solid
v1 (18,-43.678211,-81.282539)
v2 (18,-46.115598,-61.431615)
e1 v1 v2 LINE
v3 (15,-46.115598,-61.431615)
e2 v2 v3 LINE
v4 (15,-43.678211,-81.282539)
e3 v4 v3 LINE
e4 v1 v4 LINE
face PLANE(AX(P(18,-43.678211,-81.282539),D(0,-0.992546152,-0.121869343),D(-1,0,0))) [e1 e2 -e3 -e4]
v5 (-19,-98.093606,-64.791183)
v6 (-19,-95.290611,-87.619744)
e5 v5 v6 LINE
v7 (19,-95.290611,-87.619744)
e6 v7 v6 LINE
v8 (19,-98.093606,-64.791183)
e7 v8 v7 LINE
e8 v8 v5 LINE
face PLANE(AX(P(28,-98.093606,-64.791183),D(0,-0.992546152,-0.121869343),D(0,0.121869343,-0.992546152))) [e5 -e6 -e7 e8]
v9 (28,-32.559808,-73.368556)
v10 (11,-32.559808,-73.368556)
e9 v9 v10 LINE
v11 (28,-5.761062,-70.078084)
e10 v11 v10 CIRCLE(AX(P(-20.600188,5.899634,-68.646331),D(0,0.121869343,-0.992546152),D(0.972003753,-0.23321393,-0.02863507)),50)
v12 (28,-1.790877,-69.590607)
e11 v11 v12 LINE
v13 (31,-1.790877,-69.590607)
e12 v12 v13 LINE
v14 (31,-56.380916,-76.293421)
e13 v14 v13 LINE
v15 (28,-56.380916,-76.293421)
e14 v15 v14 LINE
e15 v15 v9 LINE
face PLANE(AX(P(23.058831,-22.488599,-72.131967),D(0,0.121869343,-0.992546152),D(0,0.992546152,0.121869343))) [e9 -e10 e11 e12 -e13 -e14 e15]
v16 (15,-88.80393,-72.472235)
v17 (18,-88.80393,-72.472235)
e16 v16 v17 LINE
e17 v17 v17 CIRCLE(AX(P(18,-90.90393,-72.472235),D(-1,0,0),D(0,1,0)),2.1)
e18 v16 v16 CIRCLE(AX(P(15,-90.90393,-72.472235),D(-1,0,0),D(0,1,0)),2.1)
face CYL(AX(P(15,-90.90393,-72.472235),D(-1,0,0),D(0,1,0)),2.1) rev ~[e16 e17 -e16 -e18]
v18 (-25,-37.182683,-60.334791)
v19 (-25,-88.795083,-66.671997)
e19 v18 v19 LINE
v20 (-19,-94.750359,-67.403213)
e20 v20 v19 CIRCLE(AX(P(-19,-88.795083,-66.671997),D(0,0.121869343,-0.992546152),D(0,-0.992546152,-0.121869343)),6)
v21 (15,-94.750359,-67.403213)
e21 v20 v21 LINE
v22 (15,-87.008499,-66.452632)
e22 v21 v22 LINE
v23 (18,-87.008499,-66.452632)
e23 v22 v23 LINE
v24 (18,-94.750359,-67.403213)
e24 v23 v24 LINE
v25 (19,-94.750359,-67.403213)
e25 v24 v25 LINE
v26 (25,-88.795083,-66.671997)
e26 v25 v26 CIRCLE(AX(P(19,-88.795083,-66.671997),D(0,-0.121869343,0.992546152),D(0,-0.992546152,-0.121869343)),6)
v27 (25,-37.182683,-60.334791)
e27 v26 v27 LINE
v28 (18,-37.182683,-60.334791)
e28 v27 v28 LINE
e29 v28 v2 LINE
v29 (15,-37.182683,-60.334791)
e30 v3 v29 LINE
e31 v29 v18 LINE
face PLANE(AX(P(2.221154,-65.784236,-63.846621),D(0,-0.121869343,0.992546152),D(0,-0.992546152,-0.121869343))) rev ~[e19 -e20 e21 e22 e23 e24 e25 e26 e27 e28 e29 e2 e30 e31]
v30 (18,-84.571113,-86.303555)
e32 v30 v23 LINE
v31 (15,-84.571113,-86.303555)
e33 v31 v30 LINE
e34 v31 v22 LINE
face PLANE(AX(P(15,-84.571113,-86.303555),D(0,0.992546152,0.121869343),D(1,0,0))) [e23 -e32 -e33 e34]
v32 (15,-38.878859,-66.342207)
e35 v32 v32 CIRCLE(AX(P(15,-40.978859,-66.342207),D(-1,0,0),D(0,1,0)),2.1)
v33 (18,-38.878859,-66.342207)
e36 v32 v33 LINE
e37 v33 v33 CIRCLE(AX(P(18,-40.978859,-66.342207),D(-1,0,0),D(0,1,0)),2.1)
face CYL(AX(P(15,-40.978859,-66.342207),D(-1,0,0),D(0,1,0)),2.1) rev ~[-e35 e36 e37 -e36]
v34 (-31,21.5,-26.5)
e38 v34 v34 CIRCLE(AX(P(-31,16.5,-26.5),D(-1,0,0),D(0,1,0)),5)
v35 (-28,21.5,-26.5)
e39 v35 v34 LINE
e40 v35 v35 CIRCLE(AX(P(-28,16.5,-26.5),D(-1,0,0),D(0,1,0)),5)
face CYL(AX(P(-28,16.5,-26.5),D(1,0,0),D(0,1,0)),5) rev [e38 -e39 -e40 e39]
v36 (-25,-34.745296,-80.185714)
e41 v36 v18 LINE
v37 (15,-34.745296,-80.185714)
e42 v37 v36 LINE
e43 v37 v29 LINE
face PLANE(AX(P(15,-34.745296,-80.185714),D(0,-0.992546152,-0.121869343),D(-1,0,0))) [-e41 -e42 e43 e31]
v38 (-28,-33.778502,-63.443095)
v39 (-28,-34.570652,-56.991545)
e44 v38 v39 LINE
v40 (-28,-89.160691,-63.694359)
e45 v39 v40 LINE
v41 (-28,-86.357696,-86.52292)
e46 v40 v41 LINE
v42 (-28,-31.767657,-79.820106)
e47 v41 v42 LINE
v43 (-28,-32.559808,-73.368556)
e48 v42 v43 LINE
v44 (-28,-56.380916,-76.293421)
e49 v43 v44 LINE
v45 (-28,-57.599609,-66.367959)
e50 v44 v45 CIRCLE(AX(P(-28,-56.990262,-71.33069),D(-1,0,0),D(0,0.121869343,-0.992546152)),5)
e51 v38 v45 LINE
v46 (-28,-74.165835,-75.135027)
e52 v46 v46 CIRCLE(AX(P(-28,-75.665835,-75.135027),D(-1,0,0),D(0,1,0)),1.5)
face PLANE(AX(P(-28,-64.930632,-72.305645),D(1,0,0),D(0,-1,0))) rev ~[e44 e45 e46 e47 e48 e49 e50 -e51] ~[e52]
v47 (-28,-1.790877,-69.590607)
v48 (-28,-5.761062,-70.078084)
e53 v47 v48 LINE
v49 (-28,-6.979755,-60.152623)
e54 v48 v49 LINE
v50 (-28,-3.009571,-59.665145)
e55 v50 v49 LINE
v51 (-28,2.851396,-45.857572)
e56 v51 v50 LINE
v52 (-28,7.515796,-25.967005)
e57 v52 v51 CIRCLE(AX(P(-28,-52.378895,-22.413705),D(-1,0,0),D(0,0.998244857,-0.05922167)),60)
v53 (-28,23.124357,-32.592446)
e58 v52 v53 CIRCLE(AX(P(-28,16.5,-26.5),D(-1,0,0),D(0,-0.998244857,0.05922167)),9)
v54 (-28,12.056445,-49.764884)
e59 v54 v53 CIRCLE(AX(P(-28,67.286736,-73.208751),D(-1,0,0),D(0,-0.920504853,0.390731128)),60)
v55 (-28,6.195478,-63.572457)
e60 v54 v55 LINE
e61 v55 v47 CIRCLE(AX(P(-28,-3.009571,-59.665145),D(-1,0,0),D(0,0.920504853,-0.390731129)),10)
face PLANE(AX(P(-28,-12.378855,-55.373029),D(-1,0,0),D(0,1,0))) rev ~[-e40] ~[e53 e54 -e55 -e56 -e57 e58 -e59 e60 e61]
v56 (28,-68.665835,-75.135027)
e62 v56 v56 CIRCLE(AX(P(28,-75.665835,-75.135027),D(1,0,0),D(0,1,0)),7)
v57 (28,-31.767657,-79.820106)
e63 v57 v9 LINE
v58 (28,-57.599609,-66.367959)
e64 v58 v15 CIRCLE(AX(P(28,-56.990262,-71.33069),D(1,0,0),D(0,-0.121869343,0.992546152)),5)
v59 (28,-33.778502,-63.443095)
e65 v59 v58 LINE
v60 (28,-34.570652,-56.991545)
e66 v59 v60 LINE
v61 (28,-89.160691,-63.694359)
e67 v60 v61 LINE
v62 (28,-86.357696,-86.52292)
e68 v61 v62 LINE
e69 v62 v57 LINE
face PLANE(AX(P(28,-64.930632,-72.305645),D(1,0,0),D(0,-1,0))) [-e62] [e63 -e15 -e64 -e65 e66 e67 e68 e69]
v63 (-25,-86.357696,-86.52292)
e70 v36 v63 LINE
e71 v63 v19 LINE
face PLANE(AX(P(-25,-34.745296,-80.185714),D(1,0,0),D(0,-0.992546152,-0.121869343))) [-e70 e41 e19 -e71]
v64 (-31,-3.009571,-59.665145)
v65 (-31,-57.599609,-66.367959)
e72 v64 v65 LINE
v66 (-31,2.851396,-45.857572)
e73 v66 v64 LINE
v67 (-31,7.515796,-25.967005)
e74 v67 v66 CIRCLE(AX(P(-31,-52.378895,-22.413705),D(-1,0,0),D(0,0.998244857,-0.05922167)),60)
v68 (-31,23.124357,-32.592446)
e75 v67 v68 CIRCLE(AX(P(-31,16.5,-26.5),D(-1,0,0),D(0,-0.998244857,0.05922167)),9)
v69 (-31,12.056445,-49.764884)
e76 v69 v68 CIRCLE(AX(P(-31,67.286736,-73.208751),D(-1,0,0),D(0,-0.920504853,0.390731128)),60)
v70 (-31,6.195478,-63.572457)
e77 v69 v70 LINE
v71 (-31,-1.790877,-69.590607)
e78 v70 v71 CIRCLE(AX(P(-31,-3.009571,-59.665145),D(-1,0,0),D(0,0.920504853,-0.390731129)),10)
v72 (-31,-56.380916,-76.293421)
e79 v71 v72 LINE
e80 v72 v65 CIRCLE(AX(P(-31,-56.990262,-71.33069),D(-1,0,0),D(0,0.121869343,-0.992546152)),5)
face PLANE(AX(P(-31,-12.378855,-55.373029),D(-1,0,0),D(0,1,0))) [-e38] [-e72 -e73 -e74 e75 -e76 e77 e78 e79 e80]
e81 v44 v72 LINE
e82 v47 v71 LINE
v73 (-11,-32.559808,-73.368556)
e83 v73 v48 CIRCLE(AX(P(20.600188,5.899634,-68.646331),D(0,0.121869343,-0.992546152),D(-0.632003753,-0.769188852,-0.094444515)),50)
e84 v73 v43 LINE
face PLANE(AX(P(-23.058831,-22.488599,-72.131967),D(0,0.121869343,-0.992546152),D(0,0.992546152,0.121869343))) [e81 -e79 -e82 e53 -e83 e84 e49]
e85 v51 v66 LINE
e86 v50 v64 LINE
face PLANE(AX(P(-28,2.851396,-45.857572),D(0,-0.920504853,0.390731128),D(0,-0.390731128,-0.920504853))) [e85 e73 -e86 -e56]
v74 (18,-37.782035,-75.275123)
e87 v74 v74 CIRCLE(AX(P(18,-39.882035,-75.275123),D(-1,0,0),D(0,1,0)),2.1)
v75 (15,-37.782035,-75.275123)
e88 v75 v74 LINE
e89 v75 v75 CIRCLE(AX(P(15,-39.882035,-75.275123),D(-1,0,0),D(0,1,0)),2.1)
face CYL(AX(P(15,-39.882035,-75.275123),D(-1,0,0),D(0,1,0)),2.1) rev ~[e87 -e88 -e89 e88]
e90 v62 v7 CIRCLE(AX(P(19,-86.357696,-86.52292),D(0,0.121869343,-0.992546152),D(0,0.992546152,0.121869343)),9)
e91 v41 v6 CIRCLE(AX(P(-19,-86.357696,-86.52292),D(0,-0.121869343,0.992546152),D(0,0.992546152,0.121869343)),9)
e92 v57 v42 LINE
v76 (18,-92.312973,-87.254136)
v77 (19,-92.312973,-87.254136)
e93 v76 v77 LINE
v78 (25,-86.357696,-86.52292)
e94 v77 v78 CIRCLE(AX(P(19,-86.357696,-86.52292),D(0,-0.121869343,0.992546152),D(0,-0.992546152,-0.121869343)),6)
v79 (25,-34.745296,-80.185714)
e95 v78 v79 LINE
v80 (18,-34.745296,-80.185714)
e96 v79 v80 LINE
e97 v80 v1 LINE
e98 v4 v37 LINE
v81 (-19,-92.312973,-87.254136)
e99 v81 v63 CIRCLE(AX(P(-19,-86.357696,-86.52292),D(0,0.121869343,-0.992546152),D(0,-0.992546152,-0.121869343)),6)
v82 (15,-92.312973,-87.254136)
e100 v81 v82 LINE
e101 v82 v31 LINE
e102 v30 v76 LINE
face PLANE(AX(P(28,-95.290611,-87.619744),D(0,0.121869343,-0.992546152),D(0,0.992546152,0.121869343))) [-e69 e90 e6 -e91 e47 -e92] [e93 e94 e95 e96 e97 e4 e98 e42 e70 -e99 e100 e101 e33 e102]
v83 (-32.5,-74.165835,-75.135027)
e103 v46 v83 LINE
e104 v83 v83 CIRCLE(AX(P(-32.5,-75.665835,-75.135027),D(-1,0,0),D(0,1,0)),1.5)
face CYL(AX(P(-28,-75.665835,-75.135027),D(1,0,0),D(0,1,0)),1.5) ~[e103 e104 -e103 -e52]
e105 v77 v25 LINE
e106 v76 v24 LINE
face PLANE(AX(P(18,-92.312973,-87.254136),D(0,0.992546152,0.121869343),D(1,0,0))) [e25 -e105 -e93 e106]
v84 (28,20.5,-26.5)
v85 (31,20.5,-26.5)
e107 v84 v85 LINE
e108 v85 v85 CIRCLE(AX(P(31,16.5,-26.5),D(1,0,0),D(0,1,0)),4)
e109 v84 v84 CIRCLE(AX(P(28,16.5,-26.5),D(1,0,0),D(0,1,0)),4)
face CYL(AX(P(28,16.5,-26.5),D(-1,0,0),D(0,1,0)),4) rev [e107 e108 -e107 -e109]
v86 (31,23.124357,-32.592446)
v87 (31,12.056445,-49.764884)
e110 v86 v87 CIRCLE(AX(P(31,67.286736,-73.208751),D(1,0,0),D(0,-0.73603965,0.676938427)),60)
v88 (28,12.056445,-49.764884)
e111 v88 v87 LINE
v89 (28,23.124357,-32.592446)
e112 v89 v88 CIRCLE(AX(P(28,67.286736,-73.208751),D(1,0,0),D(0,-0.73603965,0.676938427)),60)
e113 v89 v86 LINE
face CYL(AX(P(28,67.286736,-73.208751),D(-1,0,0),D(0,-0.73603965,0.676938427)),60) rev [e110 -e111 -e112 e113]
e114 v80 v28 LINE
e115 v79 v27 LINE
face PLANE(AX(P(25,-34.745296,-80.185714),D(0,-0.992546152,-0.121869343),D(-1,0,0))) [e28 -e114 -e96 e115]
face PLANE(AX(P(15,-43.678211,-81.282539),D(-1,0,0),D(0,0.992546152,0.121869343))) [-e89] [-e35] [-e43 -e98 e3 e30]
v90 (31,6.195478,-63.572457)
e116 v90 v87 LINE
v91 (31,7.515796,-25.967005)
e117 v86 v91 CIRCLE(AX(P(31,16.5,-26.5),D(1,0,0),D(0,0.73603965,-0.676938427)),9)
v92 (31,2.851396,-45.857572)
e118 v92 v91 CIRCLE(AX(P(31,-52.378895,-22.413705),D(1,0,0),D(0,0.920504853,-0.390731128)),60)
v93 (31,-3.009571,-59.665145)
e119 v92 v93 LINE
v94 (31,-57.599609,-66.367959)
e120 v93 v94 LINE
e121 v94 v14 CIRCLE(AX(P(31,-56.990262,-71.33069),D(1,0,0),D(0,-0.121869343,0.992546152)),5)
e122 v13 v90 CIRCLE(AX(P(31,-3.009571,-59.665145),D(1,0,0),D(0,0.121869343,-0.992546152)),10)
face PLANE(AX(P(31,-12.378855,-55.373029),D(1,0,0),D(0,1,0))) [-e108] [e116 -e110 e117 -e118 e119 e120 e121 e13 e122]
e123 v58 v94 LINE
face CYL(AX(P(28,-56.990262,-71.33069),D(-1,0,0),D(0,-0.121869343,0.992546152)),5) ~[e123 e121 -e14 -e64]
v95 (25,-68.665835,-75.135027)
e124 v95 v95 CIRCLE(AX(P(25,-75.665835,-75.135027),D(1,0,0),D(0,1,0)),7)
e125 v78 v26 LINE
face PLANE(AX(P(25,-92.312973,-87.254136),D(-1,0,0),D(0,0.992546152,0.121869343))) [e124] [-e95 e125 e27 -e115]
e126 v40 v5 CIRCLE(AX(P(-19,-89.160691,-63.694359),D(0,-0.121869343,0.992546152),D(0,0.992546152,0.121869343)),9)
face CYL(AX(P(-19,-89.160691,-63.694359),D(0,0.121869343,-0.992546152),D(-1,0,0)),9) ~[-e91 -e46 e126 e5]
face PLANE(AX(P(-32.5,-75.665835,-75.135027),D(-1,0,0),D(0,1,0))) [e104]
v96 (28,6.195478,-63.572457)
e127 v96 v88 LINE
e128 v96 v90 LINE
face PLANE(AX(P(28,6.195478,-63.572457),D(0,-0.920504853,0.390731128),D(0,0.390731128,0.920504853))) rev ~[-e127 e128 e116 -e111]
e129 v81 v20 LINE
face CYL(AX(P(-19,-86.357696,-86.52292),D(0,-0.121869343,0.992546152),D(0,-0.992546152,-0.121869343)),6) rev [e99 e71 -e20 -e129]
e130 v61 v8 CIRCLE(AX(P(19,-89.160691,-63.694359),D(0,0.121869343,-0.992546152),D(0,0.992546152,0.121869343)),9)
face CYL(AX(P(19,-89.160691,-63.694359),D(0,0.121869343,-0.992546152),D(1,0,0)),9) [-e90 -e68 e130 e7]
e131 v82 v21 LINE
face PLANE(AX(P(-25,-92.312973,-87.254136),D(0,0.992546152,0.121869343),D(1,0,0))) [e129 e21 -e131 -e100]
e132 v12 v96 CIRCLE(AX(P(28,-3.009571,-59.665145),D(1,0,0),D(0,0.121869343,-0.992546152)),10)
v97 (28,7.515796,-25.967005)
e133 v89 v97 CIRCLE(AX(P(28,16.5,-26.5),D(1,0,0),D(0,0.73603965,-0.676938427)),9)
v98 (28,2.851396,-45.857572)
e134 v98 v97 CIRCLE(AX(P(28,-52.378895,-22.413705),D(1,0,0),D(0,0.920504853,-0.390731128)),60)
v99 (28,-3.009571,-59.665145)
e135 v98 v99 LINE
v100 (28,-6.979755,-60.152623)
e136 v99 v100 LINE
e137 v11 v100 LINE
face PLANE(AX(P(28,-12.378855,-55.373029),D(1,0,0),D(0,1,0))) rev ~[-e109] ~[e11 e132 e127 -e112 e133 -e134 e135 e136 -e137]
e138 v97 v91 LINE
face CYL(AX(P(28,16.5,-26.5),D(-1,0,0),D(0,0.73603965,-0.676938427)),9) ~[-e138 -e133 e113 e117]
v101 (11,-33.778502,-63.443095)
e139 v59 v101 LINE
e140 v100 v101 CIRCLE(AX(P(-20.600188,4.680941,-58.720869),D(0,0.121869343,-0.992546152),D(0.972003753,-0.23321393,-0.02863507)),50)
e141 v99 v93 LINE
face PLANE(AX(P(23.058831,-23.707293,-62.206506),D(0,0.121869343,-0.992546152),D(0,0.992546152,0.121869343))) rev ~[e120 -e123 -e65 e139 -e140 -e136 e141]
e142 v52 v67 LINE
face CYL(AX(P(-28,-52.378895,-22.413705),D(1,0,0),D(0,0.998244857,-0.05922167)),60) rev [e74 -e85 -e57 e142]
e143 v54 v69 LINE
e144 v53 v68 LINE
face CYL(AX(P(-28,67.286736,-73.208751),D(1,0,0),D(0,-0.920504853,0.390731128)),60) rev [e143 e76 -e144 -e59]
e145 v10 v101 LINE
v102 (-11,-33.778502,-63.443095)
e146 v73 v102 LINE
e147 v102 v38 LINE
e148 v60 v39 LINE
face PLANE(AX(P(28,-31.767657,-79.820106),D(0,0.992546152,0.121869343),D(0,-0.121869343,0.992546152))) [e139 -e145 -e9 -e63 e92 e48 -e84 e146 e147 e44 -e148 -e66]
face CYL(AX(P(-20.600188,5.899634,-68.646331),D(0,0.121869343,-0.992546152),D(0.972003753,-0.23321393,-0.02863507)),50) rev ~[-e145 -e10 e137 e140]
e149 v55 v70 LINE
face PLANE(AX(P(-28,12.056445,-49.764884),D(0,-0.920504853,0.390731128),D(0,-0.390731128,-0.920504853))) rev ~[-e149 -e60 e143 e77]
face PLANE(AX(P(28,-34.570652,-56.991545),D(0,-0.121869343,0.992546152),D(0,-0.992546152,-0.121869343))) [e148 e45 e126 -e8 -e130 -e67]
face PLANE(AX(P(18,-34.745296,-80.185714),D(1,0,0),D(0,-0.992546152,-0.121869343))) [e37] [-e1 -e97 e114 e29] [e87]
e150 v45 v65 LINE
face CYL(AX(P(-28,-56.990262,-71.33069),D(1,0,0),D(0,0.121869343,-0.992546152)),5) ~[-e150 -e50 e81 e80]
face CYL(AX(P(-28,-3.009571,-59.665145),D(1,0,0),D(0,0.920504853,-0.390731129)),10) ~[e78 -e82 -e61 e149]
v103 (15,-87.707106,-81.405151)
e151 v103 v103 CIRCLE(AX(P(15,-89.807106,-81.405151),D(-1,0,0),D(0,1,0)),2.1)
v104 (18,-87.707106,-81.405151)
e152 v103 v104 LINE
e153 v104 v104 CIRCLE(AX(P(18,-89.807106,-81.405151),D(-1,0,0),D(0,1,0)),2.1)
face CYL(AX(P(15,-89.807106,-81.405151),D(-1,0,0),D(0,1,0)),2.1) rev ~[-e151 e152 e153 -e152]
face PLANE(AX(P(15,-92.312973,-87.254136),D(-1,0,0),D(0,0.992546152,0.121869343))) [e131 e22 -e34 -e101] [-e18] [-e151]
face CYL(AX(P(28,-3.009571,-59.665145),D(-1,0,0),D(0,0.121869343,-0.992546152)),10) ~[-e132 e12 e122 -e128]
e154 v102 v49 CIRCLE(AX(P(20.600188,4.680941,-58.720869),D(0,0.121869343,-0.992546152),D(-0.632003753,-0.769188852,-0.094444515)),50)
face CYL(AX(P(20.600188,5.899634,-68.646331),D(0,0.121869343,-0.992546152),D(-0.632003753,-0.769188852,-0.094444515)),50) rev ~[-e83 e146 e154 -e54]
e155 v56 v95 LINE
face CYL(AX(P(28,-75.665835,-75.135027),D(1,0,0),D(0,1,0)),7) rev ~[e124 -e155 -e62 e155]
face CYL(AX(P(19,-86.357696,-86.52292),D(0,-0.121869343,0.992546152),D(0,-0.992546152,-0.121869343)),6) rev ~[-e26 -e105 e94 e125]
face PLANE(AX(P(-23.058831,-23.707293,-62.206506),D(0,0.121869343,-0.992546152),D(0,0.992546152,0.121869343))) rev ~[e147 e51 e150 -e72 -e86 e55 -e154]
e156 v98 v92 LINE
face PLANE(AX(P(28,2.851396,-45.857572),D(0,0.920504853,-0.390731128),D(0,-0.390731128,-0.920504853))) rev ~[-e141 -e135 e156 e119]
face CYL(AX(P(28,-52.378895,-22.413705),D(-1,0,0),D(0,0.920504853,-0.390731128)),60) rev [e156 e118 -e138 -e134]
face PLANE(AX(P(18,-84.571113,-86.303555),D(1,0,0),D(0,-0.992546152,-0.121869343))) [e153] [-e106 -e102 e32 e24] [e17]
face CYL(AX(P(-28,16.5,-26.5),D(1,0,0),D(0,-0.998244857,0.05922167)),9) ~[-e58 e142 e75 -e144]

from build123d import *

# Parameters (mm, degrees)
SKETCH012_R     = 4
PAD005_DEPTH    = 3
PAD006_DEPTH    = 56
POCKET007_DEPTH = 20
SKETCH016_R     = 7
POCKET008_DEPTH = 3
SKETCH018_R     = 2.1
POCKET010_DEPTH = 3
SKETCH019_R     = 5
PAD007_DEPTH    = 3
SKETCH020_R     = 1.5
PAD008_DEPTH    = 4.5
PAD009_DEPTH    = 10
FILLET_R        = 9
FILLET001_R     = 6


with BuildPart() as part:
    # Sketch012 → Pad005 (new body)
    with BuildSketch(Plane.YZ):
        with BuildLine():
            Line((-13.6486038997, -19.3575724611), (-19.5095708271, -33.1651452629))
            Line((-19.5095708271, -33.1651452629), (-74.0996091673, -39.8679591502))
            ThreePointArc((-74.0996091673, -39.8679591502), (-78.4529932085, -45.4400366254), (-72.8809157334, -49.7934206666))
            Line((-72.8809157334, -49.7934206666), (-18.2908773931, -43.0906067793))
            ThreePointArc((-18.2908773931, -43.0906067793), (-13.4914205956, -41.1515003634), (-10.3045222925, -37.0724565478))
            Line((-10.3045222925, -37.0724565478), (-4.4435553652, -23.264883746))
            ThreePointArc((6.6243568489, -6.092445842), (0.3541186357, -14.2041191435), (-4.4435553652, -23.264883746))
            ThreePointArc((6.6243568489, -6.092445842), (3.5165801564, 8.2845436811), (-8.9842037096, 0.5329950324))
            ThreePointArc((-13.6486038997, -19.3575724611), (-10.4635797031, -9.6122786293), (-8.9842037096, 0.5329950324))
        make_face()
        Circle(SKETCH012_R, mode=Mode.SUBTRACT)
    extrude(amount=PAD005_DEPTH)

    # Sketch013 (on Face11 of Pad005) → Pad006 (join)
    with BuildSketch(Plane(origin=(0, 0, 0), x_dir=(0, 1, 0), z_dir=(-1, 0, 0))):
        Polygon((-111.7906110668, 61.1197443885), (-48.2676573618, 53.3201064106), (-51.0706522601, 30.4915449228), (-114.5936059651, 38.2911829007), align=None)
    extrude(amount=PAD006_DEPTH)

    # Sketch015 (on Face15 of Pad006) → Pocket007 (cut)
    with BuildSketch(Plane(origin=(0, 5.7327727551, -46.6896873101), x_dir=(0, 0.9925461516, 0.1218693434), z_dir=(0, 0.1218693434, -0.9925461516))):
        Polygon((-115.4059639217, -3), (-57.4059639217, -3), (-57.4059639217, -10), (-66.4059639217, -10), (-66.4059639217, -13), (-57.4059639217, -13), (-57.4059639217, -53), (-115.4059639217, -53), (-115.4059639217, -13), (-107.6059639217, -13), (-107.6059639217, -10), (-115.4059639217, -10), align=None)
    extrude(amount=-POCKET007_DEPTH, mode=Mode.SUBTRACT)

    # Sketch016 (on Face14 of Pocket007) → Pocket008 (cut)
    with BuildSketch(Plane.YZ):
        with Locations((-92.1658353164, -48.6350266606)):
            Circle(SKETCH016_R)
    extrude(amount=-POCKET008_DEPTH, mode=Mode.SUBTRACT)

    # Sketch018 → Pocket010 (cut)
    with BuildSketch(Plane(origin=(-13, 0, 0), x_dir=(0, 1, 0), z_dir=(-1, 0, 0))):
        with Locations((-57.4788589785, 39.8422072873)):
            Circle(SKETCH018_R)
        with Locations((-56.3820348878, 48.7751226521)):
            Circle(SKETCH018_R)
        with Locations((-107.403930406, 45.9722352606)):
            Circle(SKETCH018_R)
        with Locations((-106.3071063154, 54.9051506254)):
            Circle(SKETCH018_R)
    extrude(amount=-POCKET010_DEPTH, mode=Mode.SUBTRACT)

    # Sketch019 → Pad007 (join)
    with BuildSketch(Plane(origin=(-56, 0, 0), x_dir=(0, 1, 0), z_dir=(-1, 0, 0))):
        with BuildLine():
            ThreePointArc((-8.9842037096, -0.5329950324), (3.5165801564, -8.2845436811), (6.6243568489, 6.092445842))
            ThreePointArc((-4.4435553652, 23.264883746), (0.3541186357, 14.2041191435), (6.6243568489, 6.092445842))
            Line((-4.4435553652, 23.264883746), (-10.3045222925, 37.0724565478))
            ThreePointArc((-10.3045222925, 37.0724565478), (-13.4914205956, 41.1515003634), (-18.290877393, 43.0906067793))
            Line((-18.290877393, 43.0906067793), (-72.8809157333, 49.7934206666))
            ThreePointArc((-72.8809157333, 49.7934206666), (-78.4529932085, 45.4400366254), (-74.0996091673, 39.8679591502))
            Line((-19.5095708271, 33.1651452629), (-74.0996091673, 39.8679591502))
            Line((-13.6486038997, 19.3575724611), (-19.5095708271, 33.1651452629))
            ThreePointArc((-8.9842037096, -0.5329950324), (-10.4635797031, 9.6122786293), (-13.6486038997, 19.3575724611))
        make_face()
        Circle(SKETCH019_R, mode=Mode.SUBTRACT)
    extrude(amount=PAD007_DEPTH)

    # Sketch020 (on Face17 of Pad007) → Pad008 (join)
    with BuildSketch(Plane(origin=(-56, 0, 0), x_dir=(0, 1, 0), z_dir=(-1, 0, 0))):
        with Locations((-92.1658353164, 48.6350266606)):
            Circle(SKETCH020_R)
    extrude(amount=PAD008_DEPTH)

    # Sketch021 (on Face9 of Pad008) → Pad009 (join)
    with BuildSketch(Plane(origin=(0, 4.9406220229, -40.2381373244), x_dir=(0, 0.9925461516, 0.1218693434), z_dir=(0, 0.1218693434, -0.9925461516))):
        with BuildLine():
            Line((-27.4059639217, 0), (-54.4059639217, 0))
            Line((-54.4059639217, 0), (-54.4059639217, -17))
            ThreePointArc((-27.4059639217, 0), (-42.2983611114, -6.2885456399), (-54.4059639217, -17))
        make_face()
        with BuildLine():
            Line((-54.4059639217, -39), (-54.4059639217, -56))
            Line((-27.4059639217, -56), (-54.4059639217, -56))
            ThreePointArc((-54.4059639217, -39), (-42.2983611114, -49.7114543601), (-27.4059639217, -56))
        make_face()
    extrude(amount=-PAD009_DEPTH)

    # Fillet
    fillet_edges = [part.edges().sort_by_distance(p)[0] for p in [
        (0, -113.192109, -49.705464),
        (-56, -113.192109, -49.705464),
    ]]
    fillet(fillet_edges, radius=FILLET_R)

    # Fillet001
    fillet001_edges = [part.edges().sort_by_distance(p)[0] for p in [
        (-53, -110.031666, -50.828675),
        (-3, -110.031666, -50.828675),
    ]]
    fillet(fillet001_edges, radius=FILLET001_R)


with BuildPart() as part_1:
    # Body004 placement: moved
    add(part.part.moved(Location((28, 16.5, -26.5))))


solid = part_1.part
